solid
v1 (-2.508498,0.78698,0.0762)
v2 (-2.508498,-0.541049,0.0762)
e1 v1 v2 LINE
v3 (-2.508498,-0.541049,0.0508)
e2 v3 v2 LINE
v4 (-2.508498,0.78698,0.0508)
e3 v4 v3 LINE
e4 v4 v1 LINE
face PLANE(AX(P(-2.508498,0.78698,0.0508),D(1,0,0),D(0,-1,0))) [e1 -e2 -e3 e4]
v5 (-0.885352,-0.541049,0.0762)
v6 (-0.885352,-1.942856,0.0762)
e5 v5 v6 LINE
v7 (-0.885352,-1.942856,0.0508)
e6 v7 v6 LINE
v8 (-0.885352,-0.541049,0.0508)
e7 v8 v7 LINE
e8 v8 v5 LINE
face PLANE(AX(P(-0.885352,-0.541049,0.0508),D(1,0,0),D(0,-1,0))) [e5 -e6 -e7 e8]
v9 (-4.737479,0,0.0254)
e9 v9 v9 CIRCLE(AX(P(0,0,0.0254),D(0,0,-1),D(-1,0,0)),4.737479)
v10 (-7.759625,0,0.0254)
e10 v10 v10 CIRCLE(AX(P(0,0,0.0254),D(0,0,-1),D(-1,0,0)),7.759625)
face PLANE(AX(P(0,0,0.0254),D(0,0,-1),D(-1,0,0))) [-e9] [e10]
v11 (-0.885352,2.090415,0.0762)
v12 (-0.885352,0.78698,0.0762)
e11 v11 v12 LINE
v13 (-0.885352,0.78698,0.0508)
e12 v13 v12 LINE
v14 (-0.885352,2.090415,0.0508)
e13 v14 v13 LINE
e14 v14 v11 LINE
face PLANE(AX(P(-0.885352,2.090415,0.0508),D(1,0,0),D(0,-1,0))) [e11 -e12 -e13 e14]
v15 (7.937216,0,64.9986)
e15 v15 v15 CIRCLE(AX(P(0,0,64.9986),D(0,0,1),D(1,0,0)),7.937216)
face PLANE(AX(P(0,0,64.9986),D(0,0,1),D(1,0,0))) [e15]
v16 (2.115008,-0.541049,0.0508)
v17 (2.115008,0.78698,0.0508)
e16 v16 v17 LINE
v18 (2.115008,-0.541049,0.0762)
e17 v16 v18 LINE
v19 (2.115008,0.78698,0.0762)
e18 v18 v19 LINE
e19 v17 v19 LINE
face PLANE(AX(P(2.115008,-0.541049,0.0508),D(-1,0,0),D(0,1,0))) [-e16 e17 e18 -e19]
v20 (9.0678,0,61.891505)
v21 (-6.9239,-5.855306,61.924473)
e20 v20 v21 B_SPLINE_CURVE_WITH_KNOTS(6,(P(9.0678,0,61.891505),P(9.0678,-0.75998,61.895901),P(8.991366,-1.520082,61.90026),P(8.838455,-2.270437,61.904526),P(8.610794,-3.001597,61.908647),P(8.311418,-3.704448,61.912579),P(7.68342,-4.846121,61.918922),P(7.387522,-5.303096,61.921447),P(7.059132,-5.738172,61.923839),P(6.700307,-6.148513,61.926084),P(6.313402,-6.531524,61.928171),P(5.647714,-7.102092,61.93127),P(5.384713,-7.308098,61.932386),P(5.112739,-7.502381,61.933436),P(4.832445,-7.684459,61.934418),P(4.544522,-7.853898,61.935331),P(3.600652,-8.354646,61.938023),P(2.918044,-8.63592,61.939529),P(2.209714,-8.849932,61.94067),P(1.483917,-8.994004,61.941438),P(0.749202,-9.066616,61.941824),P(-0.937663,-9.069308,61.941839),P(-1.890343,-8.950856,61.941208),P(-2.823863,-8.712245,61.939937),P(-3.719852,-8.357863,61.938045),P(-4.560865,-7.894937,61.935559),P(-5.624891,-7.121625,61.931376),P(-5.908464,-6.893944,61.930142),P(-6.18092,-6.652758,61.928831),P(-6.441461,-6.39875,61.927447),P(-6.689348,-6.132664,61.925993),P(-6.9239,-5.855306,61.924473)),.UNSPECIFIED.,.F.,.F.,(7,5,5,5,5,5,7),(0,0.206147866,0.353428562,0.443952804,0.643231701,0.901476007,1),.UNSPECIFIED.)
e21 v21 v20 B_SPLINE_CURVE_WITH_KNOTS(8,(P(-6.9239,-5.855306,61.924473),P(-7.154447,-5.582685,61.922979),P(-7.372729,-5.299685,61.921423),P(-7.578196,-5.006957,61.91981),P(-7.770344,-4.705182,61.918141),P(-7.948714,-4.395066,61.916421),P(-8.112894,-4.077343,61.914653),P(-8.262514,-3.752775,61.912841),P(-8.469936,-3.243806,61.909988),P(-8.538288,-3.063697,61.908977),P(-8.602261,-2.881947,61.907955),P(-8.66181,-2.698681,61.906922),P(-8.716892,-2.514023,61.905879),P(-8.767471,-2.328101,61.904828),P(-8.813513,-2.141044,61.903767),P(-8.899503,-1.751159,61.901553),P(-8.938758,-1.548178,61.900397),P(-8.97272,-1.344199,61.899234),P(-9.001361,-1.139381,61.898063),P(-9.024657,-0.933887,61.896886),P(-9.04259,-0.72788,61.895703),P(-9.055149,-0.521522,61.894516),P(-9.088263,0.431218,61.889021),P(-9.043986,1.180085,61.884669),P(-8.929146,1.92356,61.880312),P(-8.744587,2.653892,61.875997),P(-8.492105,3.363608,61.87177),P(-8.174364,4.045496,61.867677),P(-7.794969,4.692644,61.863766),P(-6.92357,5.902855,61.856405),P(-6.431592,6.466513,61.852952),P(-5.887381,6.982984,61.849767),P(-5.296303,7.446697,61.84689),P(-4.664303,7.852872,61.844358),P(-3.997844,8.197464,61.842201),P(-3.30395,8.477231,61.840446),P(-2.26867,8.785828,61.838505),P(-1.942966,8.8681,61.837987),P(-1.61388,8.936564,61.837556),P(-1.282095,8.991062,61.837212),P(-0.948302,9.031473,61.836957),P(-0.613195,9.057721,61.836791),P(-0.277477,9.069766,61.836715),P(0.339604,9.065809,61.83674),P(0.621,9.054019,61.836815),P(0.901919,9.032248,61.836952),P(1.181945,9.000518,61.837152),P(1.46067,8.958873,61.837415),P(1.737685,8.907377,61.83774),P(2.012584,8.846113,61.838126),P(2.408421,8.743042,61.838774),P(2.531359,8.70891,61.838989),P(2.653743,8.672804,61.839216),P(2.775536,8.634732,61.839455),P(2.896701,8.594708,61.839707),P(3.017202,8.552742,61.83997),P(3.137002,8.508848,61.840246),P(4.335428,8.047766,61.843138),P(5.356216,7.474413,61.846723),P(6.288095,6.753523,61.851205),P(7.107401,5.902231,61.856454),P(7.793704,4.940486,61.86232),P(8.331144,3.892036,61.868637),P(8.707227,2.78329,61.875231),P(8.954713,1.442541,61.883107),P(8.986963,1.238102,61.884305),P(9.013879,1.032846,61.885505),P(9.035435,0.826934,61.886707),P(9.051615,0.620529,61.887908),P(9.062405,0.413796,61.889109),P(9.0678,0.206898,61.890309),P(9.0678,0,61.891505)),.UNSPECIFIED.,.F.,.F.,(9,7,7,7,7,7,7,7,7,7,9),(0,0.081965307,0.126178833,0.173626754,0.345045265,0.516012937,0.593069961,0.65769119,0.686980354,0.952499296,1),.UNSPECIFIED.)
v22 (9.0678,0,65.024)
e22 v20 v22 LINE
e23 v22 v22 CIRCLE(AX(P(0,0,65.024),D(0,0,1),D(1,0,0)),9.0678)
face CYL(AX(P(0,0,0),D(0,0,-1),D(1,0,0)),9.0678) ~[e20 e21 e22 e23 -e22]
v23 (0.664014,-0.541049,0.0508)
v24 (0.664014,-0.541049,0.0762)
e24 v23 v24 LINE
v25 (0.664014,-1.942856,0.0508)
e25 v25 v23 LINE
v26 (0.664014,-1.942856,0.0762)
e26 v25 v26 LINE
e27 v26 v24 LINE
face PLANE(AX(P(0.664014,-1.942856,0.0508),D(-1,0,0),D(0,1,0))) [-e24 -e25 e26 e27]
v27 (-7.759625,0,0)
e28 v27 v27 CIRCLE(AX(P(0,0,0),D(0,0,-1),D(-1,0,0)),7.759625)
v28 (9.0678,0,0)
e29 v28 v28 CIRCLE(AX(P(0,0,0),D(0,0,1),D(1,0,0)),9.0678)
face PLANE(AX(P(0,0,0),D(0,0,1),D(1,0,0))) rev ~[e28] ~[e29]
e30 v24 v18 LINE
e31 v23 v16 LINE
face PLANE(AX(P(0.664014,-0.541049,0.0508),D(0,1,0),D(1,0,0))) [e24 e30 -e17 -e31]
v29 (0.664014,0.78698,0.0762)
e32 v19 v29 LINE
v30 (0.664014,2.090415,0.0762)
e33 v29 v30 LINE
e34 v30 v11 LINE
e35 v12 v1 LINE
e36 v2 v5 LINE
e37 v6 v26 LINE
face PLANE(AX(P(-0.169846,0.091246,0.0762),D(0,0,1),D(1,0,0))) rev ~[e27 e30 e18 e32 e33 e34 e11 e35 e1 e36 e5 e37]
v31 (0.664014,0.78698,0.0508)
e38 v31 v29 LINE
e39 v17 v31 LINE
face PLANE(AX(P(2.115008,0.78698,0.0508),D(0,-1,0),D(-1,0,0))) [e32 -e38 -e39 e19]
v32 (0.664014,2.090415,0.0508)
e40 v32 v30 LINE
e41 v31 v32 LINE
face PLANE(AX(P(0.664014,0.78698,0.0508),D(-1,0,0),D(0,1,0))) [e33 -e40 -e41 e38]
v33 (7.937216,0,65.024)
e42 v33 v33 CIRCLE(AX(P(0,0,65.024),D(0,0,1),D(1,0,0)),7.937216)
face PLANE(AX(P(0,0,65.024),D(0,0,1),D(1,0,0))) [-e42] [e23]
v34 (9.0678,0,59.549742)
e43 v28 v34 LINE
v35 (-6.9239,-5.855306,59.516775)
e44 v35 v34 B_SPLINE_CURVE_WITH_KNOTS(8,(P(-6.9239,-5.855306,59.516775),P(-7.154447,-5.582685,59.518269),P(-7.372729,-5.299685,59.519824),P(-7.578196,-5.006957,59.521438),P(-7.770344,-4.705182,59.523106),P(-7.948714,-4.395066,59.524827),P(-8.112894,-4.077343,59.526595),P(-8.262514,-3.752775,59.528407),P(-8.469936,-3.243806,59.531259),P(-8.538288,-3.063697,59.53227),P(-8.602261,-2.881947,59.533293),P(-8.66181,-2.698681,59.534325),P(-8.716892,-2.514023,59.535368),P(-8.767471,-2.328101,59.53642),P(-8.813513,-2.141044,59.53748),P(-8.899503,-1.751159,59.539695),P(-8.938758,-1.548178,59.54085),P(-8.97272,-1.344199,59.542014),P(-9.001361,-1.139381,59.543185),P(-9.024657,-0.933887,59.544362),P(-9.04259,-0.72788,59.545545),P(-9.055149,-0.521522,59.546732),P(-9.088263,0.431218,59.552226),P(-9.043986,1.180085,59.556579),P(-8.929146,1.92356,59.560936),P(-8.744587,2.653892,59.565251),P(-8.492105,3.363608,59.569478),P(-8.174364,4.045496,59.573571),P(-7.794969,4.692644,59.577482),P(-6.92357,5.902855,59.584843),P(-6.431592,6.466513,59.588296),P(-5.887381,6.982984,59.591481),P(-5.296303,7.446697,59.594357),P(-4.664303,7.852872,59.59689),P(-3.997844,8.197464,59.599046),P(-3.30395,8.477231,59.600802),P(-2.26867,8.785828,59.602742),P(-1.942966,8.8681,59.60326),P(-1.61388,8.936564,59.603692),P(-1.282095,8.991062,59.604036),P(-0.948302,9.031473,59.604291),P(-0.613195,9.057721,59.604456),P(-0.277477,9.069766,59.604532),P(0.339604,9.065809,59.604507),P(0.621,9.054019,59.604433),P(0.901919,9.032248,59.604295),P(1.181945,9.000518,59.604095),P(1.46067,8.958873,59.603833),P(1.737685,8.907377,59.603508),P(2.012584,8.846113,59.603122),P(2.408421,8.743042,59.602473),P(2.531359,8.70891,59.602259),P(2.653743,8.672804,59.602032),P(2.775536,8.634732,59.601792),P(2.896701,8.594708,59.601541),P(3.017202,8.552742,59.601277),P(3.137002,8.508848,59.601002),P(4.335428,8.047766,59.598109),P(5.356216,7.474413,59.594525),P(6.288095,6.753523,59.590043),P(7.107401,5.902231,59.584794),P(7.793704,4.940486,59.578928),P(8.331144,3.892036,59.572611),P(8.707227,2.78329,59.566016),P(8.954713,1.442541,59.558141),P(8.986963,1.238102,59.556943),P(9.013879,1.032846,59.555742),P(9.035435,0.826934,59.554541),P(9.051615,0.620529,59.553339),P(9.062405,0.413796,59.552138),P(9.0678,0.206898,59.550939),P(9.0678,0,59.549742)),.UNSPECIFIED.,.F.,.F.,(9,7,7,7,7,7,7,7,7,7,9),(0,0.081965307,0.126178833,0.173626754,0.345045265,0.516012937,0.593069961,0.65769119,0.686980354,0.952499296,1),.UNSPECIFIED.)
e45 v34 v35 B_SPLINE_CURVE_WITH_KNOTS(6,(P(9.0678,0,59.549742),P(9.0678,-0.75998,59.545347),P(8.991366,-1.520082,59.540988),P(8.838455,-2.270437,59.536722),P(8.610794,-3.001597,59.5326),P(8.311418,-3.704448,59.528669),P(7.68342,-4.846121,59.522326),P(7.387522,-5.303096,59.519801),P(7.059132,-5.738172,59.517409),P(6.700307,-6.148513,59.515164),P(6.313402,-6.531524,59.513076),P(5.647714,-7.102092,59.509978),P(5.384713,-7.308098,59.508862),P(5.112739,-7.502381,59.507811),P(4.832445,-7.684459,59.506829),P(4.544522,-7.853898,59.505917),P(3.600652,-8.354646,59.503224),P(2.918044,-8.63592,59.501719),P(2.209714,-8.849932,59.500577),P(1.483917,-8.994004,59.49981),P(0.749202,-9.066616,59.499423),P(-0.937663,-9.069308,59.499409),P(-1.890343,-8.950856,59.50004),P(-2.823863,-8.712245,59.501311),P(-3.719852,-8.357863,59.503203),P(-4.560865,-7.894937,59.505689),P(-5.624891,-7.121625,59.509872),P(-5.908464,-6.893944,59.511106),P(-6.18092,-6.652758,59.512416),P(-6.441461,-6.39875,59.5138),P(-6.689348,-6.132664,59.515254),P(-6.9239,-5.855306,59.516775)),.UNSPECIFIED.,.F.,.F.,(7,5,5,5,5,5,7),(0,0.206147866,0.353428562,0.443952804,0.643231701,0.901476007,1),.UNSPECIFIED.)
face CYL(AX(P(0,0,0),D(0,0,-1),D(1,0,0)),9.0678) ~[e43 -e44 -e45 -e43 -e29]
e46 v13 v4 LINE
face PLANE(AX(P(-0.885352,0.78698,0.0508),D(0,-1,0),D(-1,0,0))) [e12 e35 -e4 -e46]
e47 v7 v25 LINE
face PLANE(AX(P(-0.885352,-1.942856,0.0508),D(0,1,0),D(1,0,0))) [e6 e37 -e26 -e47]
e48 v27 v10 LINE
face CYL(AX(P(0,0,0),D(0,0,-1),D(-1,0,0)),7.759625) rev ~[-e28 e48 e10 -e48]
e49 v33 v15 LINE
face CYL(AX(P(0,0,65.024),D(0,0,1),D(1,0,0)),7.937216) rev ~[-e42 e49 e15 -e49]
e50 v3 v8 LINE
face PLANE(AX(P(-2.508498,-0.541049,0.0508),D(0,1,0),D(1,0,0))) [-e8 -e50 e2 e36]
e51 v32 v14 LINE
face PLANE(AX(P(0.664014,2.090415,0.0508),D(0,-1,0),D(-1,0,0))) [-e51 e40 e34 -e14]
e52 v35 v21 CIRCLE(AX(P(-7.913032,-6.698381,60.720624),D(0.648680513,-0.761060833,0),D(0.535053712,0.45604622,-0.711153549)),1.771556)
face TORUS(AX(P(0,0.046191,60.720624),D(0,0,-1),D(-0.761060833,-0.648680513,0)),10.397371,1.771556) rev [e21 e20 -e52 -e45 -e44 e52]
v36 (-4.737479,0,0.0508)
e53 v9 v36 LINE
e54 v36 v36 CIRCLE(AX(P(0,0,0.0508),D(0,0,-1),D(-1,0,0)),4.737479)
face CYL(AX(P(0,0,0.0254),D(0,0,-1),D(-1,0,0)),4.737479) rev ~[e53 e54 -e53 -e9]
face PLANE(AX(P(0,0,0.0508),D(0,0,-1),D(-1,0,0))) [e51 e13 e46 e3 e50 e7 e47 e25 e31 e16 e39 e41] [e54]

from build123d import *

# Parameters (mm, degrees)
SKETCH1_R           = 9.0678
BOSS_EXTRUDE1_DEPTH = 65.024
SKETCH4_R           = 7.937216361
CUT_EXTRUDE1_DEPTH  = 0.0254
SKETCH5_R           = 7.759625111
CUT_EXTRUDE2_DEPTH  = 0.0254
SKETCH6_R           = 4.737479436
CUT_EXTRUDE3_DEPTH  = 0.0254
CUT_EXTRUDE4_DEPTH  = 0.0254


with BuildPart() as part:
    # Sketch1 → Boss-Extrude1 (new body)
    with BuildSketch(Plane.XY):
        Circle(SKETCH1_R)
    extrude(amount=BOSS_EXTRUDE1_DEPTH)

    # Sketch2 → Cut-Revolve9 (revolve, cut)
    with BuildSketch(Plane(origin=(0, 0, 0), x_dir=(0, 0, -1), z_dir=(1, 0, 0)), mode=Mode.PRIVATE) as cut_revolve9_sk:
        with BuildLine():
            Line((-61.980472201, 9.198093657), (-59.460775409, 9.198093657))
            ThreePointArc((-59.460775409, 9.198093657), (-60.720623805, 8.672006552), (-61.980472201, 9.198093657))
        make_face()
    revolve(cut_revolve9_sk.sketch.rotate(Axis((0, 0.04619124, -3.327942322), (0, 0, 1)), 130.442191922), axis=Axis((0, 0.04619124, -3.327942322), (0, 0, 1)), mode=Mode.SUBTRACT)

    # Sketch4 → Cut-Extrude1 (cut)
    with BuildSketch(Plane.XY.offset(65.024)):
        Circle(SKETCH4_R)
    extrude(amount=-CUT_EXTRUDE1_DEPTH, mode=Mode.SUBTRACT)

    # Sketch5 → Cut-Extrude2 (cut)
    with BuildSketch(Plane(origin=(0, 0, 0), x_dir=(-1, 0, 0), z_dir=(0, 0, -1))):
        Circle(SKETCH5_R)
    extrude(amount=-CUT_EXTRUDE2_DEPTH, mode=Mode.SUBTRACT)

    # Sketch6 → Cut-Extrude3 (cut)
    with BuildSketch(Plane(origin=(0, 0, 0.0254), x_dir=(-1, 0, 0), z_dir=(0, 0, -1))):
        Circle(SKETCH6_R)
    extrude(amount=-CUT_EXTRUDE3_DEPTH, mode=Mode.SUBTRACT)

    # Sketch7 → Cut-Extrude4 (cut)
    with BuildSketch(Plane(origin=(0, 0, 0.0508), x_dir=(-1, 0, 0), z_dir=(0, 0, -1))):
        Polygon((0.885352187, 0.786979722), (2.508497864, 0.786979722), (2.508497864, -0.541048559), (0.885352187, -0.541048559), (0.885352187, -1.942856189), (-0.664014141, -1.942856189), (-0.664014141, -0.541048559), (-2.115008003, -0.541048559), (-2.115008003, 0.786979722), (-0.664014141, 0.786979722), (-0.664014141, 2.090414887), (0.885352187, 2.090414887), align=None)
    extrude(amount=-CUT_EXTRUDE4_DEPTH, mode=Mode.SUBTRACT)


solid = part.part
